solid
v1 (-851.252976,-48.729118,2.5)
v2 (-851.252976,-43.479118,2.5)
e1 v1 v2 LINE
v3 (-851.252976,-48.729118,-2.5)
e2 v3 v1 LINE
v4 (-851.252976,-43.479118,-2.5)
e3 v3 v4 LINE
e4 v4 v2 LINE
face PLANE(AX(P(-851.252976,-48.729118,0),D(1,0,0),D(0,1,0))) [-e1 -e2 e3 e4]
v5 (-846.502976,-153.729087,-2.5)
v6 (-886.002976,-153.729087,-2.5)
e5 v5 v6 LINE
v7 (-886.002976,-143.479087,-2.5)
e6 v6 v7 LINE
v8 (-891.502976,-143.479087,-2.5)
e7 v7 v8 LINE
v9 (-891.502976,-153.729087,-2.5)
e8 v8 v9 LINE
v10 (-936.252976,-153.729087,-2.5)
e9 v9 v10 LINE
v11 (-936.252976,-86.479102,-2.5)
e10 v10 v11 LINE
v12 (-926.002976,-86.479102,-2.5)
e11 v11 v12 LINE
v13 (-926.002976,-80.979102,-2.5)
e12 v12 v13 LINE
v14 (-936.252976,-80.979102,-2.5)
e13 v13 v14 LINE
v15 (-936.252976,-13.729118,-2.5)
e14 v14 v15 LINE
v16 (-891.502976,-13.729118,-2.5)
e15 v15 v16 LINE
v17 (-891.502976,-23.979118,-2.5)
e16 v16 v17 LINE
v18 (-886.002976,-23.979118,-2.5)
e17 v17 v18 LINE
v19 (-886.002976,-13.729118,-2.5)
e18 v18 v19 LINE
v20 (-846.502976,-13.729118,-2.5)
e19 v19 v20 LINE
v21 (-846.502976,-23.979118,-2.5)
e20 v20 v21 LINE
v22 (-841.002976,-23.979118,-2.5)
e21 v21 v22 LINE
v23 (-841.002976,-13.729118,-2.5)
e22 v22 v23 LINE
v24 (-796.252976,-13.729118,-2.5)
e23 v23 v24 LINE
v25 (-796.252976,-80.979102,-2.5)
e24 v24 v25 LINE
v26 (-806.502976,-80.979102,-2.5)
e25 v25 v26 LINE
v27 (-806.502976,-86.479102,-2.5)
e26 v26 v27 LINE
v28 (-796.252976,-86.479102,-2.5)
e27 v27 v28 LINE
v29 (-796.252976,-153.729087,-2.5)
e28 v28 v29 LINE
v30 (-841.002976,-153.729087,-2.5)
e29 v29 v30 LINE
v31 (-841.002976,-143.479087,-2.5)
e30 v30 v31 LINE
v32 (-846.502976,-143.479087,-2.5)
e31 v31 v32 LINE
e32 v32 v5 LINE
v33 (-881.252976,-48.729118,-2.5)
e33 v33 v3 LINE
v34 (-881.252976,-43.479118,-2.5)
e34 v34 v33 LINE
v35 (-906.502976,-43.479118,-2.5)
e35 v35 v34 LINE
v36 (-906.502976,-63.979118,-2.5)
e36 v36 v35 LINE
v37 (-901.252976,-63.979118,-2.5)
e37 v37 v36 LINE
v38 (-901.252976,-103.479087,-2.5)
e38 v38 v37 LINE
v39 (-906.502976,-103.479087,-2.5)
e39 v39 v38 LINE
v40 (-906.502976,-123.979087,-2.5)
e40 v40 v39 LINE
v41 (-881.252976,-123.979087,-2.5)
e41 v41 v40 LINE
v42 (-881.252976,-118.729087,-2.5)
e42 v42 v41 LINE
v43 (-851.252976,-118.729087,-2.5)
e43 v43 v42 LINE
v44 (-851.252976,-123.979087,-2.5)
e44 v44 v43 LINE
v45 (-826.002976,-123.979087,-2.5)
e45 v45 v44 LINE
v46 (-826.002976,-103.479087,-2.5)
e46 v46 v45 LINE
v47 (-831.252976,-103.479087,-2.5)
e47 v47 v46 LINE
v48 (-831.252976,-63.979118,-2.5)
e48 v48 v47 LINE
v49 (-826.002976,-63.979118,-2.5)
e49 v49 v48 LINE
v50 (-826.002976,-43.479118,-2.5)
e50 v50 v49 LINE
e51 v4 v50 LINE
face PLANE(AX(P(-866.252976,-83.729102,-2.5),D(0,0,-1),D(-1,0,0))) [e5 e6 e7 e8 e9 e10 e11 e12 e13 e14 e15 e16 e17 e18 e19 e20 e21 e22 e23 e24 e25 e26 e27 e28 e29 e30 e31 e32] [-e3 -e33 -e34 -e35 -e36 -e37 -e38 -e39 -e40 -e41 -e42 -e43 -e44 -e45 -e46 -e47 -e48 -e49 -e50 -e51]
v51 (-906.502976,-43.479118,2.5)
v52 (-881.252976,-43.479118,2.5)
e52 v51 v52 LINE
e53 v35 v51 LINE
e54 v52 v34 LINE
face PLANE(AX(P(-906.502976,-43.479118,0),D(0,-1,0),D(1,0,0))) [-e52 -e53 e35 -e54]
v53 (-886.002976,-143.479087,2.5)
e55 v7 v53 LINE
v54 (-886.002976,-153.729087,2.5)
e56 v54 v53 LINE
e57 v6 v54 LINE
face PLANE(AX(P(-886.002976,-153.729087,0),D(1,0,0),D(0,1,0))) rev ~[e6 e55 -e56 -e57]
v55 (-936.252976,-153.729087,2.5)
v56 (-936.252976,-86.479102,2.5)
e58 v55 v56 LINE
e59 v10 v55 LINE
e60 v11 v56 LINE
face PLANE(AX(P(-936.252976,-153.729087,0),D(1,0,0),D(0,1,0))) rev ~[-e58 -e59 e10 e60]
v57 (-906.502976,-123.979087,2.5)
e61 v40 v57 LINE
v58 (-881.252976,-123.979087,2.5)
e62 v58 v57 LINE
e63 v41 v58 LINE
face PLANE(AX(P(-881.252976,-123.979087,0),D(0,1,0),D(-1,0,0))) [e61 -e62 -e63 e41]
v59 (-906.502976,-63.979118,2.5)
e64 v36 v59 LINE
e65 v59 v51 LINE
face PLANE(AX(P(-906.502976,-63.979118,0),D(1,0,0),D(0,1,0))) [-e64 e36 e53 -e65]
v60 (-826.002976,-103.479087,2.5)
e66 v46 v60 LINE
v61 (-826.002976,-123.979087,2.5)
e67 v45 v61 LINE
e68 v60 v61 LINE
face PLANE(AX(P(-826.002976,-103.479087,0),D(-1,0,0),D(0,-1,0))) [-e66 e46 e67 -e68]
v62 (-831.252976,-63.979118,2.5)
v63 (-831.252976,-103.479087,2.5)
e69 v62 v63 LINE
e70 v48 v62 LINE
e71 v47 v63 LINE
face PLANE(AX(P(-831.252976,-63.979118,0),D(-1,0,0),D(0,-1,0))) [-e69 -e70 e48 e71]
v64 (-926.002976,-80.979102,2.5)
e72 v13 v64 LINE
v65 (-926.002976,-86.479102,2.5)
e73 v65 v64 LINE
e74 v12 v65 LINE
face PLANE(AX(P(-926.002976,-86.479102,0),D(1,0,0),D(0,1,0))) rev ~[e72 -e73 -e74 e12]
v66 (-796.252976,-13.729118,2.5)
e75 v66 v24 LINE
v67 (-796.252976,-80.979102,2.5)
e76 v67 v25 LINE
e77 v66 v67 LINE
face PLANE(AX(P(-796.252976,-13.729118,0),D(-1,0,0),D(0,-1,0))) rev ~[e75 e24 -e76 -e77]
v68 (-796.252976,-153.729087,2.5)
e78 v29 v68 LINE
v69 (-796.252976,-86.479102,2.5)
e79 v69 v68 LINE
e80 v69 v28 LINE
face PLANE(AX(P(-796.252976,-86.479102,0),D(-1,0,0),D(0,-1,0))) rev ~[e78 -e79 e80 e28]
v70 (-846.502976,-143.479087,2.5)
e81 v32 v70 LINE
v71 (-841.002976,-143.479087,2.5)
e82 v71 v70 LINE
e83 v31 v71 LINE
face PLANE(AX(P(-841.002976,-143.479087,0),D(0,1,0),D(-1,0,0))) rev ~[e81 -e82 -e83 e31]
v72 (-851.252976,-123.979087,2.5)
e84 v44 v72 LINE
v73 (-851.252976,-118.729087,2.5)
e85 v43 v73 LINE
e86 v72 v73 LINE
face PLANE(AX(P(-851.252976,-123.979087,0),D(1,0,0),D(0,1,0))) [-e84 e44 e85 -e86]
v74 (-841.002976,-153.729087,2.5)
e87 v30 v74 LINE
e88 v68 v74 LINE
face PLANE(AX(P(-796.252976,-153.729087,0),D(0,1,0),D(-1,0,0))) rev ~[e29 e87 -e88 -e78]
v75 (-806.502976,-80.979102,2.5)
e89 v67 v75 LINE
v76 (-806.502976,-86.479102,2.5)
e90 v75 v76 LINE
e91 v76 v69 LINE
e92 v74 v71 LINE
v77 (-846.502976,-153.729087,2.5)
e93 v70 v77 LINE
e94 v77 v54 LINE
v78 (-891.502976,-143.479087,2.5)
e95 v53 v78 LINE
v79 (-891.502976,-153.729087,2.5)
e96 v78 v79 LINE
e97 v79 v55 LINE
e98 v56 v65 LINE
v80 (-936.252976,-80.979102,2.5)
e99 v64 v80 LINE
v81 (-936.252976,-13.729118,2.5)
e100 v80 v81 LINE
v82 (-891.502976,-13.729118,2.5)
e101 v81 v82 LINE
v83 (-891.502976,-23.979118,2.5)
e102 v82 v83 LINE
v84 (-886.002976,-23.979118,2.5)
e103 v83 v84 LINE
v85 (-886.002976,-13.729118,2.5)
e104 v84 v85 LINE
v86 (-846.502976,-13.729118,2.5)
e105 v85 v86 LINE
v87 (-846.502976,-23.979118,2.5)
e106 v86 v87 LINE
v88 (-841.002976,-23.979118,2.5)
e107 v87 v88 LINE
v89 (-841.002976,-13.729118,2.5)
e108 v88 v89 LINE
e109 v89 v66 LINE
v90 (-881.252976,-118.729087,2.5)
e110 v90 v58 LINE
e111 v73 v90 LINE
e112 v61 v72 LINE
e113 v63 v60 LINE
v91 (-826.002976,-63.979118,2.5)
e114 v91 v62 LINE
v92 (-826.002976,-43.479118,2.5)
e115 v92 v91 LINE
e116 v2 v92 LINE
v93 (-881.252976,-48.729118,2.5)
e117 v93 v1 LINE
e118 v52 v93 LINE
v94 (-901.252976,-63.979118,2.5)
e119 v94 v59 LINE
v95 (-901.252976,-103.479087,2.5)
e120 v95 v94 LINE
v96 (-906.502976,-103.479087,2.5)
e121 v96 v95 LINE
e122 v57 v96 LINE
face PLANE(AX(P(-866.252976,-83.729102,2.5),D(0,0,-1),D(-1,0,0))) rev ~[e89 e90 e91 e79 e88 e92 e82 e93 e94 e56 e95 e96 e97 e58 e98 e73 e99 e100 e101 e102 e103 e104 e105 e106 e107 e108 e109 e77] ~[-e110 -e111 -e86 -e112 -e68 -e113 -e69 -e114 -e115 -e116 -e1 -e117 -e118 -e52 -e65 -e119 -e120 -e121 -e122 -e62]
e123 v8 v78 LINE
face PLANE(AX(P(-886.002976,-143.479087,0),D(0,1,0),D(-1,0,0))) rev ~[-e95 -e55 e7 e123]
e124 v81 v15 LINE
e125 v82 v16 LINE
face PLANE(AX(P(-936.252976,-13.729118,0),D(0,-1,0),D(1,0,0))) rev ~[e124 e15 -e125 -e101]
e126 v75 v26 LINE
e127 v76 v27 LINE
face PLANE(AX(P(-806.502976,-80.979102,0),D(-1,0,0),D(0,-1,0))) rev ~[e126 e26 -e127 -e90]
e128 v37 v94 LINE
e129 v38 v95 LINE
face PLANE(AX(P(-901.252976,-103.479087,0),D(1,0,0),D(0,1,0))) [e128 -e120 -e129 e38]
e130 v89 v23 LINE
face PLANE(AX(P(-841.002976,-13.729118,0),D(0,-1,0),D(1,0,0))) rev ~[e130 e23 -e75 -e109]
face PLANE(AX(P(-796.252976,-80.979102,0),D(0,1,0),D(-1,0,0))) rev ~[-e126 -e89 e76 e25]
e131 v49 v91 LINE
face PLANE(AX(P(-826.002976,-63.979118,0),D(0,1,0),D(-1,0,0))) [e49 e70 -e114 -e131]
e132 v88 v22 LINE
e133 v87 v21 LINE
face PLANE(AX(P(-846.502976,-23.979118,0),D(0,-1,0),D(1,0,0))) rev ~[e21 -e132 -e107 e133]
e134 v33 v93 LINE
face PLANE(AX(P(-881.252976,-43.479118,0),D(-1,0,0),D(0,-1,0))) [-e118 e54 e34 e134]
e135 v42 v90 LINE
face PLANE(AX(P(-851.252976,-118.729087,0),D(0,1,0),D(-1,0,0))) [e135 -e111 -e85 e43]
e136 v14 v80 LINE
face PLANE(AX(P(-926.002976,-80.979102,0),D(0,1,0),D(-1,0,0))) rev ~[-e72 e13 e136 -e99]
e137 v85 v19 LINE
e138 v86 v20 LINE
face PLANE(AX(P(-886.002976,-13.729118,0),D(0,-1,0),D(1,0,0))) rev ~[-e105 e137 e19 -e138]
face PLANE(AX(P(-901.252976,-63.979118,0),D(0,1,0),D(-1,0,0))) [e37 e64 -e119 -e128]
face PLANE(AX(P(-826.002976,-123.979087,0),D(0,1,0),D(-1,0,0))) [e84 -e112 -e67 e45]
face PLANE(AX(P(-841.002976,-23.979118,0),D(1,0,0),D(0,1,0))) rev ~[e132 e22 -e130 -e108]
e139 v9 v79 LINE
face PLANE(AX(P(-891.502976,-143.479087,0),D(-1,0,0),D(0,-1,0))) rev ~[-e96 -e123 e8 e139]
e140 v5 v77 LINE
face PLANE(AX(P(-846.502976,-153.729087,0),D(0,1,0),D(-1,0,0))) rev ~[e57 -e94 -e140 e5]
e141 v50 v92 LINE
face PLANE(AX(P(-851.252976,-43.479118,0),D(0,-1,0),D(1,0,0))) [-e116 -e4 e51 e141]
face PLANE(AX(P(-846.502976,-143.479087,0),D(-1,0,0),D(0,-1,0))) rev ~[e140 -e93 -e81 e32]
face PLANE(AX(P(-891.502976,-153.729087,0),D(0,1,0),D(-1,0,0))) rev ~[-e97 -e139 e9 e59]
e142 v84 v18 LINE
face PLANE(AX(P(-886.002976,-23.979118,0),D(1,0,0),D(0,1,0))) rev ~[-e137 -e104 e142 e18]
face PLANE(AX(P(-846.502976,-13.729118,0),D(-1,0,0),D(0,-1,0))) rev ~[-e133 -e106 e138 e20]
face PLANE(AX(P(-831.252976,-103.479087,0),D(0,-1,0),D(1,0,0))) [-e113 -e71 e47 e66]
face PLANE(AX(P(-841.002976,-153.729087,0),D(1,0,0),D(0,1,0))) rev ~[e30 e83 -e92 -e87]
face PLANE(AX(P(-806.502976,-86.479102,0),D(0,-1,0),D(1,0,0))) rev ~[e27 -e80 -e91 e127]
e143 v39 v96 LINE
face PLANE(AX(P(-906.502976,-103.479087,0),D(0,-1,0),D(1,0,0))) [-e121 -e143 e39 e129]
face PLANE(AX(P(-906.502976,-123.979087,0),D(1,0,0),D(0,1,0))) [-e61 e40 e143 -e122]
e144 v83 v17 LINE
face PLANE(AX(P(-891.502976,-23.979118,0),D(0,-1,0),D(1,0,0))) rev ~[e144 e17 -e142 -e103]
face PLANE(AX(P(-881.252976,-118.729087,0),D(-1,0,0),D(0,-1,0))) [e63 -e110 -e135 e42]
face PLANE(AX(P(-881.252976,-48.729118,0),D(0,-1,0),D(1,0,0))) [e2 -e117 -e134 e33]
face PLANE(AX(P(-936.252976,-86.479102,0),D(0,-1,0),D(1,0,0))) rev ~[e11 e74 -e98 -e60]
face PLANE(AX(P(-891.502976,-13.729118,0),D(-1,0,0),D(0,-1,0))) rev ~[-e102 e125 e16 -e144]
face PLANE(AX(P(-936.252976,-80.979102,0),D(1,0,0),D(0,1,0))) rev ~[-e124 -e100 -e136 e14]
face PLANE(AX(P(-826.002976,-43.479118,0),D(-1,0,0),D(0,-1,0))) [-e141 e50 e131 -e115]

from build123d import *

# Parameters (mm, degrees)
BOSS_EXTRUDE1_DEPTH = 2.5


with BuildPart() as part:
    # Sketch2 → Boss-Extrude1 (new, symmetric)
    with BuildSketch(Plane.XY):
        Polygon((-936.252975542, -80.979102057), (-936.252975542, -13.729117514), (-891.502975542, -13.729117514), (-891.502975542, -23.979117514), (-886.002975542, -23.979117514), (-886.002975542, -13.729117514), (-846.502975542, -13.729117514), (-846.502975542, -23.979117514), (-841.002975542, -23.979117514), (-841.002975542, -13.729117514), (-796.252975542, -13.729117514), (-796.252975542, -80.979102057), (-806.502975542, -80.979102057), (-806.502975542, -86.479102057), (-796.252975542, -86.479102057), (-796.252975542, -153.729086599), (-841.002975542, -153.729086599), (-841.002975542, -143.479086599), (-846.502975542, -143.479086599), (-846.502975542, -153.729086599), (-886.002975542, -153.729086599), (-886.002975542, -143.479086599), (-891.502975542, -143.479086599), (-891.502975542, -153.729086599), (-936.252975542, -153.729086599), (-936.252975542, -86.479102057), (-926.002975542, -86.479102057), (-926.002975542, -80.979102057), align=None)
        Polygon((-881.252975542, -43.479117514), (-881.252975542, -48.729117514), (-851.252975542, -48.729117514), (-851.252975542, -43.479117514), (-826.002975542, -43.479117514), (-826.002975542, -63.979117514), (-831.252975542, -63.979117514), (-831.252975542, -103.479086599), (-826.002975542, -103.479086599), (-826.002975542, -123.979086599), (-851.252975542, -123.979086599), (-851.252975542, -118.729086599), (-881.252975542, -118.729086599), (-881.252975542, -123.979086599), (-906.502975542, -123.979086599), (-906.502975542, -103.479086599), (-901.252975542, -103.479086599), (-901.252975542, -63.979117514), (-906.502975542, -63.979117514), (-906.502975542, -43.479117514), align=None, mode=Mode.SUBTRACT)
    extrude(amount=BOSS_EXTRUDE1_DEPTH, both=True)


solid = part.part
